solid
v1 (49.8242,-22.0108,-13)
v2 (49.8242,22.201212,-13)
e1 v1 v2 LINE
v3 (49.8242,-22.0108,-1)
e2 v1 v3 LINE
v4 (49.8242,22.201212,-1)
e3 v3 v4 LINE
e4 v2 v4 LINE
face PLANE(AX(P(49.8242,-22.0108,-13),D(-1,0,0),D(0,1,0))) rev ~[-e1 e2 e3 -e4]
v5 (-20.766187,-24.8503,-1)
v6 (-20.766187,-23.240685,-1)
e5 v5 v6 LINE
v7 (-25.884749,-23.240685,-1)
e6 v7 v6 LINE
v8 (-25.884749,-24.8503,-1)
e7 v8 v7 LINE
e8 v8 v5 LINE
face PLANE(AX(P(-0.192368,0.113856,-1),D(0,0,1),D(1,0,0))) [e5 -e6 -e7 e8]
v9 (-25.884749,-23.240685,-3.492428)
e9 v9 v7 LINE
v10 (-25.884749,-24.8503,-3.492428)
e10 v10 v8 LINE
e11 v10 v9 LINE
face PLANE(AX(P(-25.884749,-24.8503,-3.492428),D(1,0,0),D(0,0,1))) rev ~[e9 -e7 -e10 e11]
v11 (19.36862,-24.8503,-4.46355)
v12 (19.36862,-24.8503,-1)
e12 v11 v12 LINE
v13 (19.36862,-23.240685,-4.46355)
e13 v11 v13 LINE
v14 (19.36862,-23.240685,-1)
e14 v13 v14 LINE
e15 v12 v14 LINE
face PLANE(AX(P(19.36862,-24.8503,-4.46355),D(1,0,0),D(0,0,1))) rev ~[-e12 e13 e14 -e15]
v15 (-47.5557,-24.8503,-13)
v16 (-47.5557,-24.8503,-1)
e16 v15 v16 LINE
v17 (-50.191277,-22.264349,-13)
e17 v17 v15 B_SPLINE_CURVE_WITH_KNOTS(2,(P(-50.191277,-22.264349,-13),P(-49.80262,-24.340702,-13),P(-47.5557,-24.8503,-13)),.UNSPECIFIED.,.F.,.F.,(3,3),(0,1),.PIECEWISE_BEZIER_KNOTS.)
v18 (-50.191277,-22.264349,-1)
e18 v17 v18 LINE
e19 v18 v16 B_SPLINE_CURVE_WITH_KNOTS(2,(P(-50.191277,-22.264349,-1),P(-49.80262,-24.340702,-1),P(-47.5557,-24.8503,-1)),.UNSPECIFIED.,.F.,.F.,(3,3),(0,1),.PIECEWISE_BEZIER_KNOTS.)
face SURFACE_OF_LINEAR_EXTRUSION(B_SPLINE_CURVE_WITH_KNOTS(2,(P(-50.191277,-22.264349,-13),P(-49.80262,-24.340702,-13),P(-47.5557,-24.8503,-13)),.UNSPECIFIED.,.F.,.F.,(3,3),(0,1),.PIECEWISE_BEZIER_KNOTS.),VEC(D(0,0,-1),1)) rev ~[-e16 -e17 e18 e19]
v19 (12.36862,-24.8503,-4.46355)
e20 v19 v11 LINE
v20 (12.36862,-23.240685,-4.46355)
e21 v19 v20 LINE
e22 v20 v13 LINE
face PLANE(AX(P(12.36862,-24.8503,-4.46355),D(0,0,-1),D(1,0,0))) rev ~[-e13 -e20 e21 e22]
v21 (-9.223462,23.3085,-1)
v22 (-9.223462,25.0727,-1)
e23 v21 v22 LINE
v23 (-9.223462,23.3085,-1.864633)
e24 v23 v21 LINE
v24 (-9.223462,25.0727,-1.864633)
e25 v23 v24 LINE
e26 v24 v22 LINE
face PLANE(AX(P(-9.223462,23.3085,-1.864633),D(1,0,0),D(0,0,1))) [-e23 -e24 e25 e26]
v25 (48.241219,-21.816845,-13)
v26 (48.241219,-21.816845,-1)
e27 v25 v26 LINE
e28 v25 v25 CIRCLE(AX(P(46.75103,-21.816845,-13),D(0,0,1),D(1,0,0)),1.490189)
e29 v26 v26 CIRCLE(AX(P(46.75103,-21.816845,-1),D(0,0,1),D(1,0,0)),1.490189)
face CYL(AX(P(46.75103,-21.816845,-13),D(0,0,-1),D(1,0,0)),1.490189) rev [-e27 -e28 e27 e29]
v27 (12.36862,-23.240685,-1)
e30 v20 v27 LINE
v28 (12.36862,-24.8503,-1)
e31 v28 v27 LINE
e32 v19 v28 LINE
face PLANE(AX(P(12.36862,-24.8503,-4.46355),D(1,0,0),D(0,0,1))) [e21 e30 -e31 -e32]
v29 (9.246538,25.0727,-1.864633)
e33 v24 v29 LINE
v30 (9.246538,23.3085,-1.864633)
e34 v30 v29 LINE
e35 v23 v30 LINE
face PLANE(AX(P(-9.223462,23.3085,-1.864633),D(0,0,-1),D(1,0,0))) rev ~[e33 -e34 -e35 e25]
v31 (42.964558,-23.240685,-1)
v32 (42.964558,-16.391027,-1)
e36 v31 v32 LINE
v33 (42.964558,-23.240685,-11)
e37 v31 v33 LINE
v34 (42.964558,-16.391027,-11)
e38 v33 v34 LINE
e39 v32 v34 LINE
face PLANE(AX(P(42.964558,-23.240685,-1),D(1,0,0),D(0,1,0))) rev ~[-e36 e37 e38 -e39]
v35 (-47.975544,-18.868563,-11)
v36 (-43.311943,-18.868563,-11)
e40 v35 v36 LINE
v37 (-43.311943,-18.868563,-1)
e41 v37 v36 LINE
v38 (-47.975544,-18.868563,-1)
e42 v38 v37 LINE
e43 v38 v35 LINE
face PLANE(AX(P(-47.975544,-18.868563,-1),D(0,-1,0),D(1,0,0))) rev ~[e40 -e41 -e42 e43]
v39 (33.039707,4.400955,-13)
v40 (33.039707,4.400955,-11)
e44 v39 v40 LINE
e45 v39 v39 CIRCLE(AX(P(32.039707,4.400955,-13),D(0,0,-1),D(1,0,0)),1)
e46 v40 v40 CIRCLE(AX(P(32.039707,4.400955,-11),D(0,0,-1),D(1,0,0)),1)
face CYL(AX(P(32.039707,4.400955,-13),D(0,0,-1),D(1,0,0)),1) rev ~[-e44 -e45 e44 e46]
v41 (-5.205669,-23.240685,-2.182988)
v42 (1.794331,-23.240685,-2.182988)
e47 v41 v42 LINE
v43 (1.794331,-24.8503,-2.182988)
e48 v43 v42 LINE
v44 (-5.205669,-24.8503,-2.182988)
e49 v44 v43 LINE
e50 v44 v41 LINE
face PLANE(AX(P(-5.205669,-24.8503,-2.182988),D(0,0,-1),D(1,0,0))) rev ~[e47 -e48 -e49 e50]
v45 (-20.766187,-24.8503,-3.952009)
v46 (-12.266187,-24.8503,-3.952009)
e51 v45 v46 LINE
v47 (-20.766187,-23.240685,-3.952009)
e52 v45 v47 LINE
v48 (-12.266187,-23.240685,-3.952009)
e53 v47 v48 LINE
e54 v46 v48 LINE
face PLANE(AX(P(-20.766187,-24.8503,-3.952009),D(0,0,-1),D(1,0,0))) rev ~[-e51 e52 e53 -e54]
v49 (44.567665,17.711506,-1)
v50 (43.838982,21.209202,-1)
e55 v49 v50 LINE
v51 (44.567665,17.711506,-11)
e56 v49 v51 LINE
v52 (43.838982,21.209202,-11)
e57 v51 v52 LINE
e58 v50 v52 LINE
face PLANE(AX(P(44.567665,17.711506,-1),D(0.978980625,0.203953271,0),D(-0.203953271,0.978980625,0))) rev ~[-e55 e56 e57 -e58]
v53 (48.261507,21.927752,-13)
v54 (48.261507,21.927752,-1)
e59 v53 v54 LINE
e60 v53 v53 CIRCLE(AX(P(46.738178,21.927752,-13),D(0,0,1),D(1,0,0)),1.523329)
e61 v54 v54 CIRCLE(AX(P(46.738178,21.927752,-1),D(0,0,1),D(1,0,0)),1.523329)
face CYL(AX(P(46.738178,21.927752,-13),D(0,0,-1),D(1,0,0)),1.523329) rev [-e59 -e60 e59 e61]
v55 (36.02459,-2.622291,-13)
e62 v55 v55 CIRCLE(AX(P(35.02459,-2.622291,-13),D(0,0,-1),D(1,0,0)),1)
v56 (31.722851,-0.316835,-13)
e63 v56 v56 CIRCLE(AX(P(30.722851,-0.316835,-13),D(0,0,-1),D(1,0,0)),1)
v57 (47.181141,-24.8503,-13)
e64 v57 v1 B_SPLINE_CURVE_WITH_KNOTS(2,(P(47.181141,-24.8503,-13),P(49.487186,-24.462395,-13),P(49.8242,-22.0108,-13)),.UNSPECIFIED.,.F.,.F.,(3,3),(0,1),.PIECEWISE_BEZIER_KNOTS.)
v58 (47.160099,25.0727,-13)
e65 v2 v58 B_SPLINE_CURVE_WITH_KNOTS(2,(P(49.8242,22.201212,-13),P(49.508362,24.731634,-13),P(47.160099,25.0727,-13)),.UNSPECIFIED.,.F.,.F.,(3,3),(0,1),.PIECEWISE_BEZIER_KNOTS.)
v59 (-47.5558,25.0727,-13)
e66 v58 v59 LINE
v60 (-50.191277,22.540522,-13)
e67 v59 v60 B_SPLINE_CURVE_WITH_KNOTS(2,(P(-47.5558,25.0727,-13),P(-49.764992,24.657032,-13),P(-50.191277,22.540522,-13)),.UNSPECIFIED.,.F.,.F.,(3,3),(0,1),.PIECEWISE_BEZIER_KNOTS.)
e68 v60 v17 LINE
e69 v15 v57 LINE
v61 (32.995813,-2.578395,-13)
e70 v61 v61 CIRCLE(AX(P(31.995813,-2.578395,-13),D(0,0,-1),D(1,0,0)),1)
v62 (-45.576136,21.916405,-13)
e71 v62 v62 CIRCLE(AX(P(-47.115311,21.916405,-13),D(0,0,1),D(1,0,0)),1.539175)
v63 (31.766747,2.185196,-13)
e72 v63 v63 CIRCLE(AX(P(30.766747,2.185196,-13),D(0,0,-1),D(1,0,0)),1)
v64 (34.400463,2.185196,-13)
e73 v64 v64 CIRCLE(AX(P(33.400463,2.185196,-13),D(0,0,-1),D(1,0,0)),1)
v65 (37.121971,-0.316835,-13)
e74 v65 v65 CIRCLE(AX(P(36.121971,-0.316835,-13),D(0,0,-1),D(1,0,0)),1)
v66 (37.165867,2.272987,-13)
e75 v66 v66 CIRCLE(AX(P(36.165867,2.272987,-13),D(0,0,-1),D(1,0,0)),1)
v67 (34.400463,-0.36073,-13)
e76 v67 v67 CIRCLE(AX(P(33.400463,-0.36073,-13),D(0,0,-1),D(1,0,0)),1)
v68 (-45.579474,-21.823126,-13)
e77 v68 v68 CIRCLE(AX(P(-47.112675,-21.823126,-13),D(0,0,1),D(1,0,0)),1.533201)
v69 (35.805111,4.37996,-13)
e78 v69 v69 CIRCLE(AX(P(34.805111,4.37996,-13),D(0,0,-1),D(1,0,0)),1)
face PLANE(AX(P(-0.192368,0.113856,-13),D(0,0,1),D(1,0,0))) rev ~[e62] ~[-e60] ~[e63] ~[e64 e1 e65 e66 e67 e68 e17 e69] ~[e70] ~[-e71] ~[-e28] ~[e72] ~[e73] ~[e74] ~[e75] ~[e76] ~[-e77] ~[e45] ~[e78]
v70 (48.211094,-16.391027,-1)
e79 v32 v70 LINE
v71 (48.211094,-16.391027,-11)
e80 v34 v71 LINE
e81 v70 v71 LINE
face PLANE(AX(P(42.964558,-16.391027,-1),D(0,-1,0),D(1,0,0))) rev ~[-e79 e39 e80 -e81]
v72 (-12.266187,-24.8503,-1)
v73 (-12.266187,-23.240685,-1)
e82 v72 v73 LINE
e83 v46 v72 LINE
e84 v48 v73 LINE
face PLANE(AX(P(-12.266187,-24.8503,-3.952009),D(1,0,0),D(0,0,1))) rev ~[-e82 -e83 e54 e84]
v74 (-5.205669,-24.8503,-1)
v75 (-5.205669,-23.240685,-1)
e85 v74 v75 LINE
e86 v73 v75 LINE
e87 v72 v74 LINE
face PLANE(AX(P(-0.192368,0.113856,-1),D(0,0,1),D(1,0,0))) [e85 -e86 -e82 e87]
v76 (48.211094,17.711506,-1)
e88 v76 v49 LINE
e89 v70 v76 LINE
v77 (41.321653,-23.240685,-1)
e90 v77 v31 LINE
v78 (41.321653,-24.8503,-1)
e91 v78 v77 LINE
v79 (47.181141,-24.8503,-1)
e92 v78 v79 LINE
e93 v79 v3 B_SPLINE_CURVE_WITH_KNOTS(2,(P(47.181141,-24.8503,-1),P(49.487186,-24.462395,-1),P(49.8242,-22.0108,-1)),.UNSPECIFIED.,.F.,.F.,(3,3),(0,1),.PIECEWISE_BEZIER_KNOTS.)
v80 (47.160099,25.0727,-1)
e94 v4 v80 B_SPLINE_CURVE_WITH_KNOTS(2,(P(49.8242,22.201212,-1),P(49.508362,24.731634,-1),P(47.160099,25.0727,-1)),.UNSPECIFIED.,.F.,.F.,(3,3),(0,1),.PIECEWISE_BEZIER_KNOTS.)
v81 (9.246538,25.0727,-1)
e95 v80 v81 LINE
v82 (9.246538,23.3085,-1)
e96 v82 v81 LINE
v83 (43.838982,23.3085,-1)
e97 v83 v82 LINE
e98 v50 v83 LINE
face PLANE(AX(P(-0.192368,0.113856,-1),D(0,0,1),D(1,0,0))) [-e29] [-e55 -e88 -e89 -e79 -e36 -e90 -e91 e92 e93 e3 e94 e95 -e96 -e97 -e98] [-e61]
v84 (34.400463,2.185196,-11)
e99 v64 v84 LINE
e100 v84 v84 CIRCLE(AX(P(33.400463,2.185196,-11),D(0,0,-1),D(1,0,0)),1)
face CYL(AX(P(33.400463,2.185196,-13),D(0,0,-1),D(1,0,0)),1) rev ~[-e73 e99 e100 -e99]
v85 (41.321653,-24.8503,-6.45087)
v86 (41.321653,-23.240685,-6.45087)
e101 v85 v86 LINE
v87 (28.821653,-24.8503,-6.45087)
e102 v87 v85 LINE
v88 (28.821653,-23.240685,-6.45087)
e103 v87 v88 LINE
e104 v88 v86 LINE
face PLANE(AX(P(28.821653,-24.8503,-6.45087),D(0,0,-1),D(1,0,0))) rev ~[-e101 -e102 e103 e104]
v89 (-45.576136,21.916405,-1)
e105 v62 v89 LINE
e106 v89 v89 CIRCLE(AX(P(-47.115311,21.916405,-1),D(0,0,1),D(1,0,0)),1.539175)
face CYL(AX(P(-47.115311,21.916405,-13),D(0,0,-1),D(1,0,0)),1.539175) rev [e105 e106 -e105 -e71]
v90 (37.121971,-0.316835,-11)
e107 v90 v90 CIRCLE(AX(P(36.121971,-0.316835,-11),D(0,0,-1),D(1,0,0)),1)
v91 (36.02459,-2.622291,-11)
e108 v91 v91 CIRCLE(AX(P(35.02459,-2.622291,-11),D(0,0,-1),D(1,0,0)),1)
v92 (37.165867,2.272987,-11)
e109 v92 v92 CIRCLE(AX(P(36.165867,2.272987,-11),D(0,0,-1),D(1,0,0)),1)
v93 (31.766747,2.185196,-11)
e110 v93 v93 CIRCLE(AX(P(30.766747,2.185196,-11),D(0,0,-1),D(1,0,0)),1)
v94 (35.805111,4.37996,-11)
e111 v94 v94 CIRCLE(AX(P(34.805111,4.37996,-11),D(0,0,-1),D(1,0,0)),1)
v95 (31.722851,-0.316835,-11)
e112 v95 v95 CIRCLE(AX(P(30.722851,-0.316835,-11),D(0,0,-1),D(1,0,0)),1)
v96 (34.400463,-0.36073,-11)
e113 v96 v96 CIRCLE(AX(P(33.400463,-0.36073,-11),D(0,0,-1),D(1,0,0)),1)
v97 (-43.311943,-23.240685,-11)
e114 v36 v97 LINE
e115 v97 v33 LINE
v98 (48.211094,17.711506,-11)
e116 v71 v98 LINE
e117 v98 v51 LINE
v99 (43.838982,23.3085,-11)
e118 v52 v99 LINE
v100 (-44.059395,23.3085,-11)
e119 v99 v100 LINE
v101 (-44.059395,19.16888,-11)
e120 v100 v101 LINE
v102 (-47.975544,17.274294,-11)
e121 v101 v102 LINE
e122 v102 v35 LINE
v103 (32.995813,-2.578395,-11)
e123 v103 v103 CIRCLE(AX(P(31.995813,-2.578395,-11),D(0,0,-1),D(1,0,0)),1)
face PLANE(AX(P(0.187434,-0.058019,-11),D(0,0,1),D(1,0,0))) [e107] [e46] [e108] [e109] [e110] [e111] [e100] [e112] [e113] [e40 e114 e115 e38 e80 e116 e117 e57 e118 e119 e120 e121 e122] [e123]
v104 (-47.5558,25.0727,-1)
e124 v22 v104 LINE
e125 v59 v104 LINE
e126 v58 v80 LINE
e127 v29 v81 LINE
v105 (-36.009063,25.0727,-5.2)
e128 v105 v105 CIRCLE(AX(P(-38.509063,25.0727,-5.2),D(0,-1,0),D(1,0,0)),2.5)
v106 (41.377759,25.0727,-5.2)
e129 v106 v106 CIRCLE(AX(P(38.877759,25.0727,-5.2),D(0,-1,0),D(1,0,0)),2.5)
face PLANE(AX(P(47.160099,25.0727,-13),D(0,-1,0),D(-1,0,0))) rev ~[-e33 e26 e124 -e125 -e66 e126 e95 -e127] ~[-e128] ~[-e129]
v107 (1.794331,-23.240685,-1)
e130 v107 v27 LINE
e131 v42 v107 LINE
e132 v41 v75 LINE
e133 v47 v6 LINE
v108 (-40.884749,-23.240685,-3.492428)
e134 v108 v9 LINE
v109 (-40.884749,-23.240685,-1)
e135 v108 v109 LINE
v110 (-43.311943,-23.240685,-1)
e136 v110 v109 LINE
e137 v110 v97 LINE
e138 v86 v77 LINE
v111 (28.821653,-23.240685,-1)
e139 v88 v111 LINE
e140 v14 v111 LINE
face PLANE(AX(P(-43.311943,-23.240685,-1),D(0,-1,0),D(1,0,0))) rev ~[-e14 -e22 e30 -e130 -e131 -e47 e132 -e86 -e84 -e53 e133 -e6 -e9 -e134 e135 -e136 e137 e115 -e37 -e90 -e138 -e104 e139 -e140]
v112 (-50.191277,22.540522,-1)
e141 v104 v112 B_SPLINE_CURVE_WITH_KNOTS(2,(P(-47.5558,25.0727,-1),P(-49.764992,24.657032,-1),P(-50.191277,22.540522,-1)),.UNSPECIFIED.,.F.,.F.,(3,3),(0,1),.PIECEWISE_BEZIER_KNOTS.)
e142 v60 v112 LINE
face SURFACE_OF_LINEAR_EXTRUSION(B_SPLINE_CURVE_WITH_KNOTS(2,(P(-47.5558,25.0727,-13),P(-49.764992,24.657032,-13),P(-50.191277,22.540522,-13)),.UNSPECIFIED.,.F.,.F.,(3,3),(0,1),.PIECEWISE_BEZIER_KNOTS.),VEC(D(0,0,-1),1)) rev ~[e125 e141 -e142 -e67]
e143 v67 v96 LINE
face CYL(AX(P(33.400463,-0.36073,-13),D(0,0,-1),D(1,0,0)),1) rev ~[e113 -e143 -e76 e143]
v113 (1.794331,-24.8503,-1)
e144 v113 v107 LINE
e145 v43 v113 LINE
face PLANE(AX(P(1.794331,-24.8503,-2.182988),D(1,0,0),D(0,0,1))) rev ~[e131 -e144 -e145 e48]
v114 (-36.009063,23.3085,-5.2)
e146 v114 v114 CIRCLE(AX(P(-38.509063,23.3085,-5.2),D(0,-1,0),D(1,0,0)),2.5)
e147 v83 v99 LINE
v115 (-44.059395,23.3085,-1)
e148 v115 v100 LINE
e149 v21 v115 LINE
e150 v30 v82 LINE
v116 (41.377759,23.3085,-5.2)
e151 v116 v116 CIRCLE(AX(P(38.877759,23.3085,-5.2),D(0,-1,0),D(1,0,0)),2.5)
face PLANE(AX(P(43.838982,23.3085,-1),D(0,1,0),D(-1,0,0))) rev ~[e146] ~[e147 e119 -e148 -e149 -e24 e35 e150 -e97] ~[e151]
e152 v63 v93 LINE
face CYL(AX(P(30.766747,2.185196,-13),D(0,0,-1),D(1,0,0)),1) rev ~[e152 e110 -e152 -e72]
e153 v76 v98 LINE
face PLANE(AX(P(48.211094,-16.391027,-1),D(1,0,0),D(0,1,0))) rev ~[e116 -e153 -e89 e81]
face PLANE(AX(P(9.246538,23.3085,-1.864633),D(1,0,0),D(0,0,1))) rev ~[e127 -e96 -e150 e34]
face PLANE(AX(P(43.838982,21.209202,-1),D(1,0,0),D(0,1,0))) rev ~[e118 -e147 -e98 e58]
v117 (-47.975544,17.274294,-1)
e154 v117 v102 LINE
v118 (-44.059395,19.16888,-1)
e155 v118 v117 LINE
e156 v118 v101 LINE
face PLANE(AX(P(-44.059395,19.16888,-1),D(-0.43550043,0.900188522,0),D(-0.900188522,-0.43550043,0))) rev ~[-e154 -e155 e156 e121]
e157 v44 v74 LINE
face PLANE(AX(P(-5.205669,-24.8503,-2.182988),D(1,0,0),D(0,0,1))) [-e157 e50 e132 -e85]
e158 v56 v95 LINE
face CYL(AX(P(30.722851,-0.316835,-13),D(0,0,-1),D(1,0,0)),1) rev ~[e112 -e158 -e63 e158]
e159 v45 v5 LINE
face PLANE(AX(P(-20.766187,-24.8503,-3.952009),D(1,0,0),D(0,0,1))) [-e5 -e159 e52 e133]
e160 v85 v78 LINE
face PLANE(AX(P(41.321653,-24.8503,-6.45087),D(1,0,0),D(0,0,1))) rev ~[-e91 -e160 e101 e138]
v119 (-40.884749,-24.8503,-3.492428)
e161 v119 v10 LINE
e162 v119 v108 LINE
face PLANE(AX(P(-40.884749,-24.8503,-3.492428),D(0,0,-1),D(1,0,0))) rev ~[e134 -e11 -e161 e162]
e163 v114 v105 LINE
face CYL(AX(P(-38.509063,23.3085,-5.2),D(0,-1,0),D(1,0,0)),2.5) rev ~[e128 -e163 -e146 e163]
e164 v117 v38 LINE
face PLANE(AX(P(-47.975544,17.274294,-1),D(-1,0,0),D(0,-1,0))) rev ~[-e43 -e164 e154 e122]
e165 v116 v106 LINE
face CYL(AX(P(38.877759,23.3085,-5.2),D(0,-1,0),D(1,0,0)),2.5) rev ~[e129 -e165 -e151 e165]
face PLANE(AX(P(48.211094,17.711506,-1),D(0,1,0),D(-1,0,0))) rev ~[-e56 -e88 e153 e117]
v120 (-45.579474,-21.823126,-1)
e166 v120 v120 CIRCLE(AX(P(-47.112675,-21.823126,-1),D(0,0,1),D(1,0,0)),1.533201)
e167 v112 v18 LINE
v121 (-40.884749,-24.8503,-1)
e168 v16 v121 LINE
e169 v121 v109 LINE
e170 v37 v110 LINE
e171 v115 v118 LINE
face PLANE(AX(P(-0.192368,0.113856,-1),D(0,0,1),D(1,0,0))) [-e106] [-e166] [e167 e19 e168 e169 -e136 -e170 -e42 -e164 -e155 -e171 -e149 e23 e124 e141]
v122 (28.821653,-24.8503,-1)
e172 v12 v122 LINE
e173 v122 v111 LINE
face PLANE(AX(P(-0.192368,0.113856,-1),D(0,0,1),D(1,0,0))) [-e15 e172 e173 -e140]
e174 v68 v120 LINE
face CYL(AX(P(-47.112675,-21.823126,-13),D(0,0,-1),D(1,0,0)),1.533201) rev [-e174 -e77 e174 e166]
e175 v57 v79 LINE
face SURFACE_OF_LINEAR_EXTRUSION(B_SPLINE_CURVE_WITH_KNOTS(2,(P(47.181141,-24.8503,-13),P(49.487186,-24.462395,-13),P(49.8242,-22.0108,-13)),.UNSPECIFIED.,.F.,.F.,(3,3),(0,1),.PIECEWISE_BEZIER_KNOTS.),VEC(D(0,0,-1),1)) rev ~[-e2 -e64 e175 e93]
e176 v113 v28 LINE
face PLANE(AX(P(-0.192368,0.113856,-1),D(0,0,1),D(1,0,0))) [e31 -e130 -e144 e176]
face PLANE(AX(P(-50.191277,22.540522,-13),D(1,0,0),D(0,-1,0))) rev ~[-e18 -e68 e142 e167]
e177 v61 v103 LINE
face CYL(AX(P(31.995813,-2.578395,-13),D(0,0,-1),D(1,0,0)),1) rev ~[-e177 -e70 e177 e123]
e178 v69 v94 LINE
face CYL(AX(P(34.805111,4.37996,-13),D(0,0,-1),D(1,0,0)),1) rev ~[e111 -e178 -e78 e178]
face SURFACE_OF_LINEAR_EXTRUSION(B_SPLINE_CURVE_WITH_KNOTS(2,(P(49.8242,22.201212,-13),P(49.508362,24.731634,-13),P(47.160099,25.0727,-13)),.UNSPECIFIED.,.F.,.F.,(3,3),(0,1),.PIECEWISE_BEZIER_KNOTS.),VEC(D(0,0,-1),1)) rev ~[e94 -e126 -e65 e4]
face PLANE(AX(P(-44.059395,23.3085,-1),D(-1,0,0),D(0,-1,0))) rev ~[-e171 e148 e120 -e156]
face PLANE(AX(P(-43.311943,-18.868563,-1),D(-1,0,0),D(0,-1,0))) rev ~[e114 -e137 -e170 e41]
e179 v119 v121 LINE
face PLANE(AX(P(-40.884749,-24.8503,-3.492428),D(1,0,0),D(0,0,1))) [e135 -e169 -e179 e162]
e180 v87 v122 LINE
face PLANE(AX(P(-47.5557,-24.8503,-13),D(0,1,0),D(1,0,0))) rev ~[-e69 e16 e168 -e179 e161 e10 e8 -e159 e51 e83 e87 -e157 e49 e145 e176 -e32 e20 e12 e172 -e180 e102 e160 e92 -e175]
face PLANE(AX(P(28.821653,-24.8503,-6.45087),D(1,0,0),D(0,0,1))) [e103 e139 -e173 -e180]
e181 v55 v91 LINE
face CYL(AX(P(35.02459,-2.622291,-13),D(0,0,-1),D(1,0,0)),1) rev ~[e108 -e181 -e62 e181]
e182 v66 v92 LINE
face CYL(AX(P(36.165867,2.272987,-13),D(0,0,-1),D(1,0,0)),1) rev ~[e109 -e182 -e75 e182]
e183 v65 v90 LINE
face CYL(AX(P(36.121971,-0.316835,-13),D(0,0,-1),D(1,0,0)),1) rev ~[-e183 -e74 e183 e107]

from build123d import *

# Parameters (mm, degrees)
SKETCH008_R     = 1.539175
SKETCH008_R_2   = 1.523329
SKETCH008_R_3   = 1.533201
SKETCH008_R_4   = 1.490189
PAD006_DEPTH    = 12
POCKET002_DEPTH = 10
SKETCH010_W     = 12.5
SKETCH010_H     = 5.5
SKETCH010_W_2   = 7
SKETCH010_H_2   = 3.5
SKETCH010_H_3   = 1.2
SKETCH010_W_3   = 8.5
SKETCH010_H_4   = 3
SKETCH010_W_4   = 15
SKETCH010_H_5   = 2.5
POCKET003_DEPTH = 5
SKETCH011_R     = 2.5
SKETCH011_W     = 18.47
SKETCH011_H     = 1
POCKET004_DEPTH = 5
SKETCH012_R     = 1
POCKET005_DEPTH = 5


with BuildPart() as part:
    # Sketch008 → Pad006 (new body)
    with BuildSketch(Plane.XY):
        with BuildLine():
            add(Edge.make_bspline(
                [(49.8242, 22.201212), (49.508362, 24.731634), (47.160099, 25.0727)],
                knots=[0, 0, 0, 1, 1, 1], degree=2))
            Line((47.160099, 25.0727), (-47.5558, 25.0727))
            add(Edge.make_bspline(
                [(-47.5558, 25.0727), (-49.764992, 24.657032), (-50.191277, 22.540522)],
                knots=[0, 0, 0, 1, 1, 1], degree=2))
            Line((-50.191277, 22.540522), (-50.191277, -22.264349))
            add(Edge.make_bspline(
                [(-50.191277, -22.264349), (-49.80262, -24.340702), (-47.5557, -24.8503)],
                knots=[0, 0, 0, 1, 1, 1], degree=2))
            Line((-47.5557, -24.8503), (47.181141, -24.8503))
            add(Edge.make_bspline(
                [(47.181141, -24.8503), (49.487186, -24.462395), (49.8242, -22.0108)],
                knots=[0, 0, 0, 1, 1, 1], degree=2))
            Line((49.8242, -22.0108), (49.8242, 22.201212))
        make_face()
        with Locations((-47.115311, 21.916405)):
            Circle(SKETCH008_R, mode=Mode.SUBTRACT)
        with Locations((46.738178, 21.927752)):
            Circle(SKETCH008_R_2, mode=Mode.SUBTRACT)
        with Locations((-47.112675, -21.823126)):
            Circle(SKETCH008_R_3, mode=Mode.SUBTRACT)
        with Locations((46.75103, -21.816845)):
            Circle(SKETCH008_R_4, mode=Mode.SUBTRACT)
    extrude(amount=PAD006_DEPTH)

    # Sketch009 (on Face14 of Pad006) → Pocket002 (cut)
    with BuildSketch(Plane.XY.offset(12)):
        Polygon((-44.059395, 23.3085), (-44.059395, 19.16888), (-47.975544, 17.274294), (-47.975544, -18.868563), (-43.311943, -18.868563), (-43.311943, -23.240685), (42.964558, -23.240685), (42.964558, -16.391027), (48.211094, -16.391027), (48.211094, 17.711506), (44.567665, 17.711506), (43.838982, 21.209202), (43.838982, 23.3085), align=None)
    extrude(amount=-POCKET002_DEPTH, mode=Mode.SUBTRACT)

    # Sketch010 (on Face10 of Pocket002) → Pocket003 (cut)
    with BuildSketch(Plane.XZ.offset(24.8503)):
        with Locations((35.071653, 9.29913)):
            Rectangle(SKETCH010_W, SKETCH010_H)
        with Locations((15.86862, 10.28645)):
            Rectangle(SKETCH010_W_2, SKETCH010_H_2)
        with Locations((-1.705669, 11.417012)):
            Rectangle(SKETCH010_W_2, SKETCH010_H_3)
        with Locations((-16.516187, 10.547991)):
            Rectangle(SKETCH010_W_3, SKETCH010_H_4)
        with Locations((-33.384749, 10.757572)):
            Rectangle(SKETCH010_W_4, SKETCH010_H_5)
    extrude(amount=-POCKET003_DEPTH, mode=Mode.SUBTRACT)

    # Sketch011 (on Face23 of Pocket003) → Pocket004 (cut)
    with BuildSketch(Plane.XZ.offset(-23.3085)):
        with Locations((-38.509063, 7.8)):
            Circle(SKETCH011_R)
        with Locations((38.877759, 7.8)):
            Circle(SKETCH011_R)
        with Locations((0.011538, 11.635367)):
            Rectangle(SKETCH011_W, SKETCH011_H)
    extrude(amount=-POCKET004_DEPTH, mode=Mode.SUBTRACT)

    # Sketch012 (on Face4 of Pocket004) → Pocket005 (cut)
    with BuildSketch(Plane(origin=(0, 0, 0), x_dir=(1, 0, 0), z_dir=(0, 0, -1))):
        with Locations((34.805111, -4.37996)):
            Circle(SKETCH012_R)
        with Locations((36.121971, 0.316835)):
            Circle(SKETCH012_R)
        with Locations((30.722851, 0.316835)):
            Circle(SKETCH012_R)
        with Locations((36.165867, -2.272987)):
            Circle(SKETCH012_R)
        with Locations((33.400463, -2.185196)):
            Circle(SKETCH012_R)
        with Locations((35.02459, 2.622291)):
            Circle(SKETCH012_R)
        with Locations((31.995813, 2.578395)):
            Circle(SKETCH012_R)
        with Locations((32.039707, -4.400955)):
            Circle(SKETCH012_R)
        with Locations((30.766747, -2.185196)):
            Circle(SKETCH012_R)
        with Locations((33.400463, 0.36073)):
            Circle(SKETCH012_R)
    extrude(amount=-POCKET005_DEPTH, mode=Mode.SUBTRACT)


with BuildPart() as part_1:
    # Body003 placement: moved
    add(part.part.moved(Location((0, 0, -13))))


solid = part_1.part
